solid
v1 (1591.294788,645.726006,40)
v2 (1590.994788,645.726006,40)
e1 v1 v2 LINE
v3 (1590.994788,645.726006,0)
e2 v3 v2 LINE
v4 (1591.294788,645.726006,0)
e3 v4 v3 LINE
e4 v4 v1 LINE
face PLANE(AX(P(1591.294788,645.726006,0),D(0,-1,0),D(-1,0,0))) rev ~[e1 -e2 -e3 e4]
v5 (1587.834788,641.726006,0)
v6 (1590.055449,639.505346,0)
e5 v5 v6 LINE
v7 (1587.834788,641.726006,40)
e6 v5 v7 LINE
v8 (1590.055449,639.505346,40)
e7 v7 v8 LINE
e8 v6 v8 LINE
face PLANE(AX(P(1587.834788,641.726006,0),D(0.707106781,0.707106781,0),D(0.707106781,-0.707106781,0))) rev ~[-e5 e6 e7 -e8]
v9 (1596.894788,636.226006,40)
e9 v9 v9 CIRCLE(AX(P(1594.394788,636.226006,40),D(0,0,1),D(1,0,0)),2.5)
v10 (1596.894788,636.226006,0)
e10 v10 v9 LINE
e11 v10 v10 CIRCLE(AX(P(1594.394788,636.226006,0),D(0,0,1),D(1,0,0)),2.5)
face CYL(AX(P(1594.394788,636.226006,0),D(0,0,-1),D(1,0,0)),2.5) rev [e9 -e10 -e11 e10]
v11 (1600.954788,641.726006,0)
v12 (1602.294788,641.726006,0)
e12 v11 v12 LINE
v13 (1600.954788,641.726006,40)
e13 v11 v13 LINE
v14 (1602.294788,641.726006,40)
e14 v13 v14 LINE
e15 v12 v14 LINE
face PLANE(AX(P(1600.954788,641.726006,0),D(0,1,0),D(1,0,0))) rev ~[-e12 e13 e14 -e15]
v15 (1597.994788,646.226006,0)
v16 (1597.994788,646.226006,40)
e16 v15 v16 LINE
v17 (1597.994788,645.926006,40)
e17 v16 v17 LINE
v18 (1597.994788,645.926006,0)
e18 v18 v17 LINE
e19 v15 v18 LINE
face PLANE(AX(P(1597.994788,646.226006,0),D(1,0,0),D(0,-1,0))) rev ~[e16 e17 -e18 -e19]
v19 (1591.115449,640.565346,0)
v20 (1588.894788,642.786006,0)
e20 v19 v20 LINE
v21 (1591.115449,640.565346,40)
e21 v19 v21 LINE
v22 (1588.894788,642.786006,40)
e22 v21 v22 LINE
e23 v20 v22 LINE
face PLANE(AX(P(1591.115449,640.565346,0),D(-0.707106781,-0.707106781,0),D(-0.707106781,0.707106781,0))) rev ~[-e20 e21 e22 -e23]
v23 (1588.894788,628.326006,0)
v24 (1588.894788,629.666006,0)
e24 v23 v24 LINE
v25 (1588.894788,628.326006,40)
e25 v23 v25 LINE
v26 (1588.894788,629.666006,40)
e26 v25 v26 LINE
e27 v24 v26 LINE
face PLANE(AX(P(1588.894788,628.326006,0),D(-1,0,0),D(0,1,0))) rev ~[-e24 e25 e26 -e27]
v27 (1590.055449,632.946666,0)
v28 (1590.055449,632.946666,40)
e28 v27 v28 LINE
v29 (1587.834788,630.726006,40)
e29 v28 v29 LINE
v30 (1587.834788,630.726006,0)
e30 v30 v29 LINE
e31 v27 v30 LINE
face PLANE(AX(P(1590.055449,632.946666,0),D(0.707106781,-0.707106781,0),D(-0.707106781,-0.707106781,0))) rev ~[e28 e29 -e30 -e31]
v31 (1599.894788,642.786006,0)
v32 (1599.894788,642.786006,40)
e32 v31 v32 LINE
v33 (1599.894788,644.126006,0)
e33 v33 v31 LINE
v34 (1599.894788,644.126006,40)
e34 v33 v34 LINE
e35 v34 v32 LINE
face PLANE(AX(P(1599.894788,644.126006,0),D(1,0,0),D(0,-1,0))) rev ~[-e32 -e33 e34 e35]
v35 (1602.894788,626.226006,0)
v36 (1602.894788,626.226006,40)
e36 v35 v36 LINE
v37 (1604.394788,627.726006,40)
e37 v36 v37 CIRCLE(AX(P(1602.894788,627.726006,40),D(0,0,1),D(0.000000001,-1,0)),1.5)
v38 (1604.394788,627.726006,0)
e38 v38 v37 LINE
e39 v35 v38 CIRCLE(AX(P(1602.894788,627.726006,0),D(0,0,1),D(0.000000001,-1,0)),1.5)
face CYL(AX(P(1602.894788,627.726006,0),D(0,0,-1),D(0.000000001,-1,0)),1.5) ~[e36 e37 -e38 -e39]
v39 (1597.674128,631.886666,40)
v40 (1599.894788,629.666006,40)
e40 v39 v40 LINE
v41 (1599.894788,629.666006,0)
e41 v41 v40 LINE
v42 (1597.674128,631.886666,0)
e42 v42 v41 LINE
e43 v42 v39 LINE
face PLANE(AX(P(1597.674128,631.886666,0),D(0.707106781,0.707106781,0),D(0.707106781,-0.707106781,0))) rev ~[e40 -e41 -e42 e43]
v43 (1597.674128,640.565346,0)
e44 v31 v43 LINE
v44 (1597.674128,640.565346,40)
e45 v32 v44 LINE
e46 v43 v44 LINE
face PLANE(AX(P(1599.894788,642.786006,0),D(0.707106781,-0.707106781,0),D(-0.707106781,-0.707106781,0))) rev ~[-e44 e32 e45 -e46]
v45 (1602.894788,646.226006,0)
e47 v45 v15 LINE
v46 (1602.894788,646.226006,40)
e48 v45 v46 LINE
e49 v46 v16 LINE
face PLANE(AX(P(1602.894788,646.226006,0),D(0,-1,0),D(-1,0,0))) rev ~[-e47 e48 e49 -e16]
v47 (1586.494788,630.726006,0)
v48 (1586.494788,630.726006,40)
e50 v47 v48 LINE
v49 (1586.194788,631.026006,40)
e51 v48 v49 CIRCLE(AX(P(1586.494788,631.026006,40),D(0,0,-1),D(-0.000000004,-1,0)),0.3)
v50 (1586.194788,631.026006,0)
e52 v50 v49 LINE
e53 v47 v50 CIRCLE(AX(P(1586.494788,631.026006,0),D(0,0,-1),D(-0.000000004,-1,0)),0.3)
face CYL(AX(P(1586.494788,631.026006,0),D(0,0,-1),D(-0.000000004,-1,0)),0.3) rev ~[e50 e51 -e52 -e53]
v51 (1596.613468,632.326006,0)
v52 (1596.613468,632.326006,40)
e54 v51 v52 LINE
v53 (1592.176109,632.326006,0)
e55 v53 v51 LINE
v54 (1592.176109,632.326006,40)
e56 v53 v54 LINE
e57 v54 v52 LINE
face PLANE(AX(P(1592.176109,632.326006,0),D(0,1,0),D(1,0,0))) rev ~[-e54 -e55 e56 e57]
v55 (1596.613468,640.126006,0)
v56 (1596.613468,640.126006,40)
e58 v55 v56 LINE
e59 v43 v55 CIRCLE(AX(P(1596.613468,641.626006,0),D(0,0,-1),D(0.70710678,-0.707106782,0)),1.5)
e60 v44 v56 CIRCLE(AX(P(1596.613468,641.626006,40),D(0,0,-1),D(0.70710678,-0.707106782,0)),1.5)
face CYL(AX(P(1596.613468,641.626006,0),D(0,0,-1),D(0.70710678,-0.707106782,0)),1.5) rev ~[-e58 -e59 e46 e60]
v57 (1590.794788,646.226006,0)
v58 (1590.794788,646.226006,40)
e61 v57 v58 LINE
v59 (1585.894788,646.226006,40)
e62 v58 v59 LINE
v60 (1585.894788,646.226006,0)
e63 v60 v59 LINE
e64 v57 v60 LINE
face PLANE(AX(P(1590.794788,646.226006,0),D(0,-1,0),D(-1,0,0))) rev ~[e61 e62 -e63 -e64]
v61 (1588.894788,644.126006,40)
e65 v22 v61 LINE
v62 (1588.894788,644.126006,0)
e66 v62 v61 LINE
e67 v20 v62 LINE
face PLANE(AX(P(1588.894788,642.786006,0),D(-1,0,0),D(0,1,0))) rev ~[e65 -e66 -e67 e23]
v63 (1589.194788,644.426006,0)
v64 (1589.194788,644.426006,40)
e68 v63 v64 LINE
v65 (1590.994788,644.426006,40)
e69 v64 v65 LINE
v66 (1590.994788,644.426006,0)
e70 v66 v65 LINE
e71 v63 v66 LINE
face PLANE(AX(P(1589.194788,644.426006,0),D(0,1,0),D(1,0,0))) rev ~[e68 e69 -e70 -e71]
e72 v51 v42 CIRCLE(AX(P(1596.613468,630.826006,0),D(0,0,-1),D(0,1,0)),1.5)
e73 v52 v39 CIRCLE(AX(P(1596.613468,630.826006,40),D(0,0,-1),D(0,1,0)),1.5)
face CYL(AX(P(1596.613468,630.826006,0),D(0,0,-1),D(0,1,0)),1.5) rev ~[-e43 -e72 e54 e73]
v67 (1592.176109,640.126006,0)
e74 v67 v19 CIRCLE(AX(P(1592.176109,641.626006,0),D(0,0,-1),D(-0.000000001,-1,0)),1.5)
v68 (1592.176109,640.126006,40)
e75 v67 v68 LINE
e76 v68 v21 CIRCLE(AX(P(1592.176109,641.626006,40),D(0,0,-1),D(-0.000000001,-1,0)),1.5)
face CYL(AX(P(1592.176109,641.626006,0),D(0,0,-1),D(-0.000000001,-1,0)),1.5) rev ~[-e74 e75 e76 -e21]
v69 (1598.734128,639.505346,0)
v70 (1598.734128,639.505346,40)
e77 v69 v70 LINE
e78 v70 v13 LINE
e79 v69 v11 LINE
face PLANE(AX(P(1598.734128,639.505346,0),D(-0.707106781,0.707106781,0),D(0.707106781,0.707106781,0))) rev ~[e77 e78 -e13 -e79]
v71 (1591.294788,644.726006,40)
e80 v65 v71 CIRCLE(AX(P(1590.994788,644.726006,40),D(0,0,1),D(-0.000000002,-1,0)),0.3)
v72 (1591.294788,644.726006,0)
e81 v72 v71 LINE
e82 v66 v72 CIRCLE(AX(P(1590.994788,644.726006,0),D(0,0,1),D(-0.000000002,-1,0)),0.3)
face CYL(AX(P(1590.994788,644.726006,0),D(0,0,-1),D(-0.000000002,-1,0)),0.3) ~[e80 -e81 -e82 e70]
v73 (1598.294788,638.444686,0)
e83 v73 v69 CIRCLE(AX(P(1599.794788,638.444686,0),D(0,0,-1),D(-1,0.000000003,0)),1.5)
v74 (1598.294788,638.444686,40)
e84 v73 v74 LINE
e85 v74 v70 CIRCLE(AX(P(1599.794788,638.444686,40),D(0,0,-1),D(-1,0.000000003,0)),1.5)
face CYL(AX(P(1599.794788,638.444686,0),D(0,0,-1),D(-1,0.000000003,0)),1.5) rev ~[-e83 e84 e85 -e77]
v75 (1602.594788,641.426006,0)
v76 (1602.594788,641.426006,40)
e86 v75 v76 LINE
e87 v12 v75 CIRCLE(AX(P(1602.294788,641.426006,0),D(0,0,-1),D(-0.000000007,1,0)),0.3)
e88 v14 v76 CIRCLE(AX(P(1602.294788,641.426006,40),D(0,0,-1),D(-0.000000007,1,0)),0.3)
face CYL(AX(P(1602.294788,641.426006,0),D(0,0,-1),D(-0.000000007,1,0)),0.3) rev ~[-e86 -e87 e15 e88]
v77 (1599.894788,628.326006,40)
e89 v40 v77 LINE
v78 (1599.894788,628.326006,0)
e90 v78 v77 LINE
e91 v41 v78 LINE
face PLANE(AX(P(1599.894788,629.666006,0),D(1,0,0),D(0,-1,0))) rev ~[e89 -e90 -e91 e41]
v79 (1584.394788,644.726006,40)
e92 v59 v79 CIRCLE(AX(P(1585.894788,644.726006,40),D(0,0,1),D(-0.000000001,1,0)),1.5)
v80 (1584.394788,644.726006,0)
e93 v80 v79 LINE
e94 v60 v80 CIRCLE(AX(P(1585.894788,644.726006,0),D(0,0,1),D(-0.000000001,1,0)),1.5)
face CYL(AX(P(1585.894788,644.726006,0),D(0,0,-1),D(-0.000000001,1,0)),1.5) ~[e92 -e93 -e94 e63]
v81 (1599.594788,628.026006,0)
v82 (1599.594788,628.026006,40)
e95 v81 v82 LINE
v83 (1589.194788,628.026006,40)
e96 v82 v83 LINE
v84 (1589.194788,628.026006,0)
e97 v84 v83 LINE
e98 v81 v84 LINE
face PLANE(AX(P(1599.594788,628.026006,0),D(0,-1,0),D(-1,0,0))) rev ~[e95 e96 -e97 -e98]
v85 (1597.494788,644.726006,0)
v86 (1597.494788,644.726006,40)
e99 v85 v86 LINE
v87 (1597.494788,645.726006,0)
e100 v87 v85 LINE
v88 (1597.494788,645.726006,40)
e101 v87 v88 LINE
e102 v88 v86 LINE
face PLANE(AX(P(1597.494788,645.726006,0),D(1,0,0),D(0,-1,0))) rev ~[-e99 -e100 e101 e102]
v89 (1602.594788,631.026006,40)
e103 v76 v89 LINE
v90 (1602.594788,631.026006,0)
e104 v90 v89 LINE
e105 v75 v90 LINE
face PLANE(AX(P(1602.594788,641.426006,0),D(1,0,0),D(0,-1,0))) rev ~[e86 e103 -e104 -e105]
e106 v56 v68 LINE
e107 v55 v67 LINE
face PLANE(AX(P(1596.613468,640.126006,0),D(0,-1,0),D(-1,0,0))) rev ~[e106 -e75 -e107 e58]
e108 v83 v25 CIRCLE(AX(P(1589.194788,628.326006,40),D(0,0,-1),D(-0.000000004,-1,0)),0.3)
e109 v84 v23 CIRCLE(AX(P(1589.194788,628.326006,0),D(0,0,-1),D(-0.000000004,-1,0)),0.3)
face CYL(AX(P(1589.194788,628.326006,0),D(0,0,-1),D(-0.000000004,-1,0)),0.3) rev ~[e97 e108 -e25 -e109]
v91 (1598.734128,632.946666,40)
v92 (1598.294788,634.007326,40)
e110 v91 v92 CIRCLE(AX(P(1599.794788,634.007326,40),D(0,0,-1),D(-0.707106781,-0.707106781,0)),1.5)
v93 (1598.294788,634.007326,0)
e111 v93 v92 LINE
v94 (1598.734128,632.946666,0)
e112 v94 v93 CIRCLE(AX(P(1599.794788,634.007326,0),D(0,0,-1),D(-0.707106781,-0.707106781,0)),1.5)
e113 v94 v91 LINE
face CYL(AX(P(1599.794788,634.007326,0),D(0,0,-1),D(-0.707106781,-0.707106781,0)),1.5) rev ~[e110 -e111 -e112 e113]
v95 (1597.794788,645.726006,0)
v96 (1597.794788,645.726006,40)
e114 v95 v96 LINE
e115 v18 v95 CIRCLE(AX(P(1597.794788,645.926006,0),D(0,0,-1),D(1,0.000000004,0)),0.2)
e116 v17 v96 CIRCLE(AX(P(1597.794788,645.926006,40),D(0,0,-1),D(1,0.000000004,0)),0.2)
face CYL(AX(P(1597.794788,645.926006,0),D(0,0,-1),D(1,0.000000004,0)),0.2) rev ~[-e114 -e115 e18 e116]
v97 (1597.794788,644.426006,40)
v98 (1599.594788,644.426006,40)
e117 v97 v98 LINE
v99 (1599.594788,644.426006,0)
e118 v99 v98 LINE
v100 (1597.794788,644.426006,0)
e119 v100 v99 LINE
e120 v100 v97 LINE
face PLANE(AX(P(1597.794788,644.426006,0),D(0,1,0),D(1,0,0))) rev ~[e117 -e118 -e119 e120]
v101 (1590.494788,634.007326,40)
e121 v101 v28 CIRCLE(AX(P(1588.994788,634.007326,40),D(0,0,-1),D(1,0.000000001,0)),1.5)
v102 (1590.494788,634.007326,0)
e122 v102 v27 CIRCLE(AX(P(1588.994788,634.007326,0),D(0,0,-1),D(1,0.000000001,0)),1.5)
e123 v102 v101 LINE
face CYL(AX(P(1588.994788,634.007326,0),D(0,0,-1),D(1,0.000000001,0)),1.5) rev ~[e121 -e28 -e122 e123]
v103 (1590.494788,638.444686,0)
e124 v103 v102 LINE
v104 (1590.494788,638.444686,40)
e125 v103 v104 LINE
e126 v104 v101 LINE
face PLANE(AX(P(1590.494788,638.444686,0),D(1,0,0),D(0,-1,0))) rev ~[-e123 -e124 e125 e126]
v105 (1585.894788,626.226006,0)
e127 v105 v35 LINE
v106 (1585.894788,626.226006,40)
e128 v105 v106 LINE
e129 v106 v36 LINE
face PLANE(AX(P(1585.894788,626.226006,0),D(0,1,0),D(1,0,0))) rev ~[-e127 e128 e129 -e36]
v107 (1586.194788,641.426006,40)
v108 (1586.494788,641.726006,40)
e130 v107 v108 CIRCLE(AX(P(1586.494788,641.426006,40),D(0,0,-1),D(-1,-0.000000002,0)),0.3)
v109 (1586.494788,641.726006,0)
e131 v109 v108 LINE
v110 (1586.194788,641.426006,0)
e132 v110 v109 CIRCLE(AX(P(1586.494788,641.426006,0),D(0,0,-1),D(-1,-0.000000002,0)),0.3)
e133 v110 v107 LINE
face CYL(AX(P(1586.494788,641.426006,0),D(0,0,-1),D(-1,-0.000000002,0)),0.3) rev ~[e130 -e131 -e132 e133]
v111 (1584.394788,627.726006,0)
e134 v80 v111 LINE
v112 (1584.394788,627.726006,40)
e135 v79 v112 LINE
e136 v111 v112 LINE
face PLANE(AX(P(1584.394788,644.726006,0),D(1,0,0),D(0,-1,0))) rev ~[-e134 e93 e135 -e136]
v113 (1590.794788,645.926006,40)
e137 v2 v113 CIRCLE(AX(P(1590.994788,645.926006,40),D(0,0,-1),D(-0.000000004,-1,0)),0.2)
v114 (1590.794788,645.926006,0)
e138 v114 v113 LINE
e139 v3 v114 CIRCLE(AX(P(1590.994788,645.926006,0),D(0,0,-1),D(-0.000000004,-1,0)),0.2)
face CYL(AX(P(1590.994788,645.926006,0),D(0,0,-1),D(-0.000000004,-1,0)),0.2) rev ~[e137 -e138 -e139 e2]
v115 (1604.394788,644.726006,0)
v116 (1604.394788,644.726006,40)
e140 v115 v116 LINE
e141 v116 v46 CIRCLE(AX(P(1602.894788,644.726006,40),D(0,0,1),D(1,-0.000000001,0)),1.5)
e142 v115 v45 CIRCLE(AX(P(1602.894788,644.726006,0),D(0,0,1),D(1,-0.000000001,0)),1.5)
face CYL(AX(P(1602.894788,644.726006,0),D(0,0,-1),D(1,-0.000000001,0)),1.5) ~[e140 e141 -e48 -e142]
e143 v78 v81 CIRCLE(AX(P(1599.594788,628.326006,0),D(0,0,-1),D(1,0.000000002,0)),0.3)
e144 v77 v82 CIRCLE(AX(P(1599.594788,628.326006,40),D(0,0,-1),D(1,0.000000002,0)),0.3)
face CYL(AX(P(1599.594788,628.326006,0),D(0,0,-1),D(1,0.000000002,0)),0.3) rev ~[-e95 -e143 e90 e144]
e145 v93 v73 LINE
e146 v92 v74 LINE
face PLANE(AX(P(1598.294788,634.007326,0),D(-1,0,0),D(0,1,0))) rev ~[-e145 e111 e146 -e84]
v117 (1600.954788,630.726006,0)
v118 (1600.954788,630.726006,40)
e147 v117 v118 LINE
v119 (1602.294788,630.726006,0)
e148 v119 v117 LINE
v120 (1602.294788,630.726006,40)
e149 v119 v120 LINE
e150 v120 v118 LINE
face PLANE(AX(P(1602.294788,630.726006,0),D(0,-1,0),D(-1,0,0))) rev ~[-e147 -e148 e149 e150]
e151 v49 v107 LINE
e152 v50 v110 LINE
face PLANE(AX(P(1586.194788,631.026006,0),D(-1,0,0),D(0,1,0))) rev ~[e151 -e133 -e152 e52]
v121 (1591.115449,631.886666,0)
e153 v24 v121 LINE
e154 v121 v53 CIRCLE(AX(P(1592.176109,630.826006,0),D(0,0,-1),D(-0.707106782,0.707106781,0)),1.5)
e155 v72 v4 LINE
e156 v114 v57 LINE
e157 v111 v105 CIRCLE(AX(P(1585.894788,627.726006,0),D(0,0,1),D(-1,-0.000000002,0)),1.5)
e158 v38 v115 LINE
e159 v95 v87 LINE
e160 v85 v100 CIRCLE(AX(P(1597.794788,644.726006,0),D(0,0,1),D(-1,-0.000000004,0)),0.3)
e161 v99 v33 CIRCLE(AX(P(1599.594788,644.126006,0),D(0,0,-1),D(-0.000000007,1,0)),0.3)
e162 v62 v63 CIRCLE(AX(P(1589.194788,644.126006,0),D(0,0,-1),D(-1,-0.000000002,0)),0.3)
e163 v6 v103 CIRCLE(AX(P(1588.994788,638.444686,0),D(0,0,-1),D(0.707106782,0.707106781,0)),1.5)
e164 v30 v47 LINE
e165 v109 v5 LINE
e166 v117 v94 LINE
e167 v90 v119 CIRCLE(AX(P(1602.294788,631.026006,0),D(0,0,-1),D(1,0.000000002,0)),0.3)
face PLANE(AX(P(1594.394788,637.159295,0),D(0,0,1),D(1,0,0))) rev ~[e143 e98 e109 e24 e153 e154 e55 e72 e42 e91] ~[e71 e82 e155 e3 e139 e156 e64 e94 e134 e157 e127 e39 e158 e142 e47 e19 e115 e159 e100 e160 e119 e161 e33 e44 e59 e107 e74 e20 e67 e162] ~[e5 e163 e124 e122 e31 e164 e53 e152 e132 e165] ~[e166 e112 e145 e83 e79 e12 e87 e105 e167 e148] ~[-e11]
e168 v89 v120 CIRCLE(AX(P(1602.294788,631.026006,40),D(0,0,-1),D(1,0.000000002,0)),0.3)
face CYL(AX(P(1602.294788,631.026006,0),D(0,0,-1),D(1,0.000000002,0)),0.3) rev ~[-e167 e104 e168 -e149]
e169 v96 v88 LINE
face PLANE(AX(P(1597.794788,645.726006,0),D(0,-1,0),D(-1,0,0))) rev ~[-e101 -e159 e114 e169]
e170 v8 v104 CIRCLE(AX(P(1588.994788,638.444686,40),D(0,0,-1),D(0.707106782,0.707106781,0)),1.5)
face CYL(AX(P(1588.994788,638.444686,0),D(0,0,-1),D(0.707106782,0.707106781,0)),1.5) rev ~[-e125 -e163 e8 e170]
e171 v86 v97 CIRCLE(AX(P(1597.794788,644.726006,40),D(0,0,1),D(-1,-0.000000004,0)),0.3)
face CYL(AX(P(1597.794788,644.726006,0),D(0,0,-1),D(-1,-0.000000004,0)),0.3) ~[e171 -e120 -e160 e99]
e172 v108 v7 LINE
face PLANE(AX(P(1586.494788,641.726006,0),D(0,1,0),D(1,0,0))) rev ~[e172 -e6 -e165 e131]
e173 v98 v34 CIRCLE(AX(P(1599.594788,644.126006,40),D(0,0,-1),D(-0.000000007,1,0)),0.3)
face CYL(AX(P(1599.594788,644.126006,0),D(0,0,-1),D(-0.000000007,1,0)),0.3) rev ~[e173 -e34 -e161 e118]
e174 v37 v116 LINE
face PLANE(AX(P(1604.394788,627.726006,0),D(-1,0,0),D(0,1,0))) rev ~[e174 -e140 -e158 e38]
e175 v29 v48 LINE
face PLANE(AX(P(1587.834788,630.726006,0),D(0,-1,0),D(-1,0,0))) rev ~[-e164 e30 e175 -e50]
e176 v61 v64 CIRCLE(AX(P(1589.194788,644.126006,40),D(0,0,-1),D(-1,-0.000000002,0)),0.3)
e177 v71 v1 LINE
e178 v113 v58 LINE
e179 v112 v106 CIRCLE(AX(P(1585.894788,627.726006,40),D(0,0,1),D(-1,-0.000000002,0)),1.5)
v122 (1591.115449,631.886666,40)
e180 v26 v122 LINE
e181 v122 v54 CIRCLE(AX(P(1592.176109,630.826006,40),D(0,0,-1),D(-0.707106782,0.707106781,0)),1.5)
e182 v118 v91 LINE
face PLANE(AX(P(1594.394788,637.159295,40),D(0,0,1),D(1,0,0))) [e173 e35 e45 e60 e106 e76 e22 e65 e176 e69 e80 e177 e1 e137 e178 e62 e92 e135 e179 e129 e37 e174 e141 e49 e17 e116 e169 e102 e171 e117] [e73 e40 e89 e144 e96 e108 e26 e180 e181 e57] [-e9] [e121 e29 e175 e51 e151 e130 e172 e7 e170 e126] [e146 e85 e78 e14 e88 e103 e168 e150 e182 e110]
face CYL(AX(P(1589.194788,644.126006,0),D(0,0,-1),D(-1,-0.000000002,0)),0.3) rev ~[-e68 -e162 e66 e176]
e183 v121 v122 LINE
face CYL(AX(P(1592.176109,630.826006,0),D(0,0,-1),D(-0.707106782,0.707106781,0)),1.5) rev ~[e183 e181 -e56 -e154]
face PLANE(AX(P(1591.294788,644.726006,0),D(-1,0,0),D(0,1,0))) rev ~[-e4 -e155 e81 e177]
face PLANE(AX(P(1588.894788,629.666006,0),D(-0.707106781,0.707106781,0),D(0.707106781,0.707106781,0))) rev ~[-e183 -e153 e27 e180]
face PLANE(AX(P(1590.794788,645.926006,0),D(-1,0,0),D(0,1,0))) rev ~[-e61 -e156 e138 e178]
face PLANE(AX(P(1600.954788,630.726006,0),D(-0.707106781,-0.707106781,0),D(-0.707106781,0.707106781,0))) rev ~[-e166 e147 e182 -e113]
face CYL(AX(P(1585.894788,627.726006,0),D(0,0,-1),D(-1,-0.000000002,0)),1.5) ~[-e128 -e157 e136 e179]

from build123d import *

# Parameters (mm, degrees)
SKETCH_1_R      = 2.5
EXTRUDE_1_DEPTH = 40


with BuildPart() as part:
    # 草图1 → 凸台-拉伸1 (new body)
    with BuildSketch(Plane.XY):
        with BuildLine():
            Line((1604.394788332, 627.726005938), (1604.394788332, 644.726005938))
            ThreePointArc((1604.394788332, 644.726005938), (1603.955448504, 645.78666611), (1602.894788332, 646.226005938))
            Line((1602.894788332, 646.226005938), (1597.994788332, 646.226005938))
            Line((1597.994788332, 646.226005938), (1597.994788332, 645.926005938))
            ThreePointArc((1597.994788332, 645.926005938), (1597.936209689, 645.784584582), (1597.794788332, 645.726005938))
            Line((1597.794788332, 645.726005938), (1597.494788332, 645.726005938))
            Line((1597.494788332, 645.726005938), (1597.494788332, 644.726005938))
            ThreePointArc((1597.494788332, 644.726005938), (1597.582656298, 644.513873904), (1597.794788332, 644.426005938))
            Line((1597.794788332, 644.426005938), (1599.594788332, 644.426005938))
            ThreePointArc((1599.594788332, 644.426005938), (1599.806920367, 644.338137973), (1599.894788332, 644.126005938))
            Line((1599.894788332, 644.126005938), (1599.894788332, 642.786005938))
            Line((1599.894788332, 642.786005938), (1597.674128161, 640.565345767))
            ThreePointArc((1597.674128161, 640.565345767), (1597.187493137, 640.24018664), (1596.613467989, 640.126005938))
            Line((1596.613467989, 640.126005938), (1592.176108676, 640.126005938))
            ThreePointArc((1592.176108676, 640.126005938), (1591.602083527, 640.24018664), (1591.115448504, 640.565345767))
            Line((1591.115448504, 640.565345767), (1588.894788332, 642.786005938))
            Line((1588.894788332, 642.786005938), (1588.894788332, 644.126005938))
            ThreePointArc((1588.894788332, 644.126005938), (1588.982656298, 644.338137973), (1589.194788332, 644.426005938))
            Line((1589.194788332, 644.426005938), (1590.994788332, 644.426005938))
            ThreePointArc((1590.994788332, 644.426005938), (1591.206920367, 644.513873904), (1591.294788332, 644.726005938))
            Line((1591.294788332, 644.726005938), (1591.294788332, 645.726005938))
            Line((1591.294788332, 645.726005938), (1590.994788332, 645.726005938))
            ThreePointArc((1590.994788332, 645.726005938), (1590.853366976, 645.784584582), (1590.794788332, 645.926005938))
            Line((1590.794788332, 645.926005938), (1590.794788332, 646.226005938))
            Line((1590.794788332, 646.226005938), (1585.894788332, 646.226005938))
            ThreePointArc((1585.894788332, 646.226005938), (1584.834128161, 645.78666611), (1584.394788332, 644.726005938))
            Line((1584.394788332, 644.726005938), (1584.394788332, 627.726005938))
            ThreePointArc((1584.394788332, 627.726005938), (1584.834128161, 626.665345767), (1585.894788332, 626.226005938))
            Line((1585.894788332, 626.226005938), (1602.894788332, 626.226005938))
            ThreePointArc((1602.894788332, 626.226005938), (1603.955448504, 626.665345767), (1604.394788332, 627.726005938))
        make_face()
        with Locations((1594.394788332, 636.226005938)):
            Circle(SKETCH_1_R, mode=Mode.SUBTRACT)
        with BuildLine():
            Line((1598.734128161, 639.505345767), (1600.954788332, 641.726005938))
            Line((1600.954788332, 641.726005938), (1602.294788332, 641.726005938))
            ThreePointArc((1602.294788332, 641.726005938), (1602.506920367, 641.638137973), (1602.594788332, 641.426005938))
            Line((1602.594788332, 641.426005938), (1602.594788332, 631.026005938))
            ThreePointArc((1602.594788332, 631.026005938), (1602.506920367, 630.813873904), (1602.294788332, 630.726005938))
            Line((1602.294788332, 630.726005938), (1600.954788332, 630.726005938))
            Line((1600.954788332, 630.726005938), (1598.734128161, 632.94666611))
            ThreePointArc((1598.734128161, 632.94666611), (1598.408969034, 633.433301133), (1598.294788332, 634.007326282))
            Line((1598.294788332, 634.007326282), (1598.294788332, 638.444685595))
            ThreePointArc((1598.294788332, 638.444685595), (1598.408969034, 639.018710743), (1598.734128161, 639.505345767))
        make_face(mode=Mode.SUBTRACT)
        with BuildLine():
            Line((1586.194788332, 631.026005938), (1586.194788332, 641.426005938))
            ThreePointArc((1586.194788332, 641.426005938), (1586.282656298, 641.638137973), (1586.494788332, 641.726005938))
            Line((1586.494788332, 641.726005938), (1587.834788332, 641.726005938))
            Line((1587.834788332, 641.726005938), (1590.055448504, 639.505345767))
            ThreePointArc((1590.055448504, 639.505345767), (1590.380607631, 639.018710743), (1590.494788332, 638.444685595))
            Line((1590.494788332, 638.444685595), (1590.494788332, 634.007326282))
            ThreePointArc((1590.494788332, 634.007326282), (1590.380607631, 633.433301133), (1590.055448504, 632.94666611))
            Line((1590.055448504, 632.94666611), (1587.834788332, 630.726005938))
            Line((1587.834788332, 630.726005938), (1586.494788332, 630.726005938))
            ThreePointArc((1586.494788332, 630.726005938), (1586.282656298, 630.813873904), (1586.194788332, 631.026005938))
        make_face(mode=Mode.SUBTRACT)
        with BuildLine():
            Line((1599.594788332, 628.026005938), (1589.194788332, 628.026005938))
            ThreePointArc((1589.194788332, 628.026005938), (1588.982656298, 628.113873904), (1588.894788332, 628.326005938))
            Line((1588.894788332, 628.326005938), (1588.894788332, 629.666005938))
            Line((1588.894788332, 629.666005938), (1591.115448504, 631.88666611))
            ThreePointArc((1591.115448504, 631.88666611), (1591.602083527, 632.211825237), (1592.176108676, 632.326005938))
            Line((1592.176108676, 632.326005938), (1596.613467989, 632.326005938))
            ThreePointArc((1596.613467989, 632.326005938), (1597.187493137, 632.211825237), (1597.674128161, 631.88666611))
            Line((1597.674128161, 631.88666611), (1599.894788332, 629.666005938))
            Line((1599.894788332, 629.666005938), (1599.894788332, 628.326005938))
            ThreePointArc((1599.894788332, 628.326005938), (1599.806920367, 628.113873904), (1599.594788332, 628.026005938))
        make_face(mode=Mode.SUBTRACT)
    extrude(amount=EXTRUDE_1_DEPTH)


solid = part.part
